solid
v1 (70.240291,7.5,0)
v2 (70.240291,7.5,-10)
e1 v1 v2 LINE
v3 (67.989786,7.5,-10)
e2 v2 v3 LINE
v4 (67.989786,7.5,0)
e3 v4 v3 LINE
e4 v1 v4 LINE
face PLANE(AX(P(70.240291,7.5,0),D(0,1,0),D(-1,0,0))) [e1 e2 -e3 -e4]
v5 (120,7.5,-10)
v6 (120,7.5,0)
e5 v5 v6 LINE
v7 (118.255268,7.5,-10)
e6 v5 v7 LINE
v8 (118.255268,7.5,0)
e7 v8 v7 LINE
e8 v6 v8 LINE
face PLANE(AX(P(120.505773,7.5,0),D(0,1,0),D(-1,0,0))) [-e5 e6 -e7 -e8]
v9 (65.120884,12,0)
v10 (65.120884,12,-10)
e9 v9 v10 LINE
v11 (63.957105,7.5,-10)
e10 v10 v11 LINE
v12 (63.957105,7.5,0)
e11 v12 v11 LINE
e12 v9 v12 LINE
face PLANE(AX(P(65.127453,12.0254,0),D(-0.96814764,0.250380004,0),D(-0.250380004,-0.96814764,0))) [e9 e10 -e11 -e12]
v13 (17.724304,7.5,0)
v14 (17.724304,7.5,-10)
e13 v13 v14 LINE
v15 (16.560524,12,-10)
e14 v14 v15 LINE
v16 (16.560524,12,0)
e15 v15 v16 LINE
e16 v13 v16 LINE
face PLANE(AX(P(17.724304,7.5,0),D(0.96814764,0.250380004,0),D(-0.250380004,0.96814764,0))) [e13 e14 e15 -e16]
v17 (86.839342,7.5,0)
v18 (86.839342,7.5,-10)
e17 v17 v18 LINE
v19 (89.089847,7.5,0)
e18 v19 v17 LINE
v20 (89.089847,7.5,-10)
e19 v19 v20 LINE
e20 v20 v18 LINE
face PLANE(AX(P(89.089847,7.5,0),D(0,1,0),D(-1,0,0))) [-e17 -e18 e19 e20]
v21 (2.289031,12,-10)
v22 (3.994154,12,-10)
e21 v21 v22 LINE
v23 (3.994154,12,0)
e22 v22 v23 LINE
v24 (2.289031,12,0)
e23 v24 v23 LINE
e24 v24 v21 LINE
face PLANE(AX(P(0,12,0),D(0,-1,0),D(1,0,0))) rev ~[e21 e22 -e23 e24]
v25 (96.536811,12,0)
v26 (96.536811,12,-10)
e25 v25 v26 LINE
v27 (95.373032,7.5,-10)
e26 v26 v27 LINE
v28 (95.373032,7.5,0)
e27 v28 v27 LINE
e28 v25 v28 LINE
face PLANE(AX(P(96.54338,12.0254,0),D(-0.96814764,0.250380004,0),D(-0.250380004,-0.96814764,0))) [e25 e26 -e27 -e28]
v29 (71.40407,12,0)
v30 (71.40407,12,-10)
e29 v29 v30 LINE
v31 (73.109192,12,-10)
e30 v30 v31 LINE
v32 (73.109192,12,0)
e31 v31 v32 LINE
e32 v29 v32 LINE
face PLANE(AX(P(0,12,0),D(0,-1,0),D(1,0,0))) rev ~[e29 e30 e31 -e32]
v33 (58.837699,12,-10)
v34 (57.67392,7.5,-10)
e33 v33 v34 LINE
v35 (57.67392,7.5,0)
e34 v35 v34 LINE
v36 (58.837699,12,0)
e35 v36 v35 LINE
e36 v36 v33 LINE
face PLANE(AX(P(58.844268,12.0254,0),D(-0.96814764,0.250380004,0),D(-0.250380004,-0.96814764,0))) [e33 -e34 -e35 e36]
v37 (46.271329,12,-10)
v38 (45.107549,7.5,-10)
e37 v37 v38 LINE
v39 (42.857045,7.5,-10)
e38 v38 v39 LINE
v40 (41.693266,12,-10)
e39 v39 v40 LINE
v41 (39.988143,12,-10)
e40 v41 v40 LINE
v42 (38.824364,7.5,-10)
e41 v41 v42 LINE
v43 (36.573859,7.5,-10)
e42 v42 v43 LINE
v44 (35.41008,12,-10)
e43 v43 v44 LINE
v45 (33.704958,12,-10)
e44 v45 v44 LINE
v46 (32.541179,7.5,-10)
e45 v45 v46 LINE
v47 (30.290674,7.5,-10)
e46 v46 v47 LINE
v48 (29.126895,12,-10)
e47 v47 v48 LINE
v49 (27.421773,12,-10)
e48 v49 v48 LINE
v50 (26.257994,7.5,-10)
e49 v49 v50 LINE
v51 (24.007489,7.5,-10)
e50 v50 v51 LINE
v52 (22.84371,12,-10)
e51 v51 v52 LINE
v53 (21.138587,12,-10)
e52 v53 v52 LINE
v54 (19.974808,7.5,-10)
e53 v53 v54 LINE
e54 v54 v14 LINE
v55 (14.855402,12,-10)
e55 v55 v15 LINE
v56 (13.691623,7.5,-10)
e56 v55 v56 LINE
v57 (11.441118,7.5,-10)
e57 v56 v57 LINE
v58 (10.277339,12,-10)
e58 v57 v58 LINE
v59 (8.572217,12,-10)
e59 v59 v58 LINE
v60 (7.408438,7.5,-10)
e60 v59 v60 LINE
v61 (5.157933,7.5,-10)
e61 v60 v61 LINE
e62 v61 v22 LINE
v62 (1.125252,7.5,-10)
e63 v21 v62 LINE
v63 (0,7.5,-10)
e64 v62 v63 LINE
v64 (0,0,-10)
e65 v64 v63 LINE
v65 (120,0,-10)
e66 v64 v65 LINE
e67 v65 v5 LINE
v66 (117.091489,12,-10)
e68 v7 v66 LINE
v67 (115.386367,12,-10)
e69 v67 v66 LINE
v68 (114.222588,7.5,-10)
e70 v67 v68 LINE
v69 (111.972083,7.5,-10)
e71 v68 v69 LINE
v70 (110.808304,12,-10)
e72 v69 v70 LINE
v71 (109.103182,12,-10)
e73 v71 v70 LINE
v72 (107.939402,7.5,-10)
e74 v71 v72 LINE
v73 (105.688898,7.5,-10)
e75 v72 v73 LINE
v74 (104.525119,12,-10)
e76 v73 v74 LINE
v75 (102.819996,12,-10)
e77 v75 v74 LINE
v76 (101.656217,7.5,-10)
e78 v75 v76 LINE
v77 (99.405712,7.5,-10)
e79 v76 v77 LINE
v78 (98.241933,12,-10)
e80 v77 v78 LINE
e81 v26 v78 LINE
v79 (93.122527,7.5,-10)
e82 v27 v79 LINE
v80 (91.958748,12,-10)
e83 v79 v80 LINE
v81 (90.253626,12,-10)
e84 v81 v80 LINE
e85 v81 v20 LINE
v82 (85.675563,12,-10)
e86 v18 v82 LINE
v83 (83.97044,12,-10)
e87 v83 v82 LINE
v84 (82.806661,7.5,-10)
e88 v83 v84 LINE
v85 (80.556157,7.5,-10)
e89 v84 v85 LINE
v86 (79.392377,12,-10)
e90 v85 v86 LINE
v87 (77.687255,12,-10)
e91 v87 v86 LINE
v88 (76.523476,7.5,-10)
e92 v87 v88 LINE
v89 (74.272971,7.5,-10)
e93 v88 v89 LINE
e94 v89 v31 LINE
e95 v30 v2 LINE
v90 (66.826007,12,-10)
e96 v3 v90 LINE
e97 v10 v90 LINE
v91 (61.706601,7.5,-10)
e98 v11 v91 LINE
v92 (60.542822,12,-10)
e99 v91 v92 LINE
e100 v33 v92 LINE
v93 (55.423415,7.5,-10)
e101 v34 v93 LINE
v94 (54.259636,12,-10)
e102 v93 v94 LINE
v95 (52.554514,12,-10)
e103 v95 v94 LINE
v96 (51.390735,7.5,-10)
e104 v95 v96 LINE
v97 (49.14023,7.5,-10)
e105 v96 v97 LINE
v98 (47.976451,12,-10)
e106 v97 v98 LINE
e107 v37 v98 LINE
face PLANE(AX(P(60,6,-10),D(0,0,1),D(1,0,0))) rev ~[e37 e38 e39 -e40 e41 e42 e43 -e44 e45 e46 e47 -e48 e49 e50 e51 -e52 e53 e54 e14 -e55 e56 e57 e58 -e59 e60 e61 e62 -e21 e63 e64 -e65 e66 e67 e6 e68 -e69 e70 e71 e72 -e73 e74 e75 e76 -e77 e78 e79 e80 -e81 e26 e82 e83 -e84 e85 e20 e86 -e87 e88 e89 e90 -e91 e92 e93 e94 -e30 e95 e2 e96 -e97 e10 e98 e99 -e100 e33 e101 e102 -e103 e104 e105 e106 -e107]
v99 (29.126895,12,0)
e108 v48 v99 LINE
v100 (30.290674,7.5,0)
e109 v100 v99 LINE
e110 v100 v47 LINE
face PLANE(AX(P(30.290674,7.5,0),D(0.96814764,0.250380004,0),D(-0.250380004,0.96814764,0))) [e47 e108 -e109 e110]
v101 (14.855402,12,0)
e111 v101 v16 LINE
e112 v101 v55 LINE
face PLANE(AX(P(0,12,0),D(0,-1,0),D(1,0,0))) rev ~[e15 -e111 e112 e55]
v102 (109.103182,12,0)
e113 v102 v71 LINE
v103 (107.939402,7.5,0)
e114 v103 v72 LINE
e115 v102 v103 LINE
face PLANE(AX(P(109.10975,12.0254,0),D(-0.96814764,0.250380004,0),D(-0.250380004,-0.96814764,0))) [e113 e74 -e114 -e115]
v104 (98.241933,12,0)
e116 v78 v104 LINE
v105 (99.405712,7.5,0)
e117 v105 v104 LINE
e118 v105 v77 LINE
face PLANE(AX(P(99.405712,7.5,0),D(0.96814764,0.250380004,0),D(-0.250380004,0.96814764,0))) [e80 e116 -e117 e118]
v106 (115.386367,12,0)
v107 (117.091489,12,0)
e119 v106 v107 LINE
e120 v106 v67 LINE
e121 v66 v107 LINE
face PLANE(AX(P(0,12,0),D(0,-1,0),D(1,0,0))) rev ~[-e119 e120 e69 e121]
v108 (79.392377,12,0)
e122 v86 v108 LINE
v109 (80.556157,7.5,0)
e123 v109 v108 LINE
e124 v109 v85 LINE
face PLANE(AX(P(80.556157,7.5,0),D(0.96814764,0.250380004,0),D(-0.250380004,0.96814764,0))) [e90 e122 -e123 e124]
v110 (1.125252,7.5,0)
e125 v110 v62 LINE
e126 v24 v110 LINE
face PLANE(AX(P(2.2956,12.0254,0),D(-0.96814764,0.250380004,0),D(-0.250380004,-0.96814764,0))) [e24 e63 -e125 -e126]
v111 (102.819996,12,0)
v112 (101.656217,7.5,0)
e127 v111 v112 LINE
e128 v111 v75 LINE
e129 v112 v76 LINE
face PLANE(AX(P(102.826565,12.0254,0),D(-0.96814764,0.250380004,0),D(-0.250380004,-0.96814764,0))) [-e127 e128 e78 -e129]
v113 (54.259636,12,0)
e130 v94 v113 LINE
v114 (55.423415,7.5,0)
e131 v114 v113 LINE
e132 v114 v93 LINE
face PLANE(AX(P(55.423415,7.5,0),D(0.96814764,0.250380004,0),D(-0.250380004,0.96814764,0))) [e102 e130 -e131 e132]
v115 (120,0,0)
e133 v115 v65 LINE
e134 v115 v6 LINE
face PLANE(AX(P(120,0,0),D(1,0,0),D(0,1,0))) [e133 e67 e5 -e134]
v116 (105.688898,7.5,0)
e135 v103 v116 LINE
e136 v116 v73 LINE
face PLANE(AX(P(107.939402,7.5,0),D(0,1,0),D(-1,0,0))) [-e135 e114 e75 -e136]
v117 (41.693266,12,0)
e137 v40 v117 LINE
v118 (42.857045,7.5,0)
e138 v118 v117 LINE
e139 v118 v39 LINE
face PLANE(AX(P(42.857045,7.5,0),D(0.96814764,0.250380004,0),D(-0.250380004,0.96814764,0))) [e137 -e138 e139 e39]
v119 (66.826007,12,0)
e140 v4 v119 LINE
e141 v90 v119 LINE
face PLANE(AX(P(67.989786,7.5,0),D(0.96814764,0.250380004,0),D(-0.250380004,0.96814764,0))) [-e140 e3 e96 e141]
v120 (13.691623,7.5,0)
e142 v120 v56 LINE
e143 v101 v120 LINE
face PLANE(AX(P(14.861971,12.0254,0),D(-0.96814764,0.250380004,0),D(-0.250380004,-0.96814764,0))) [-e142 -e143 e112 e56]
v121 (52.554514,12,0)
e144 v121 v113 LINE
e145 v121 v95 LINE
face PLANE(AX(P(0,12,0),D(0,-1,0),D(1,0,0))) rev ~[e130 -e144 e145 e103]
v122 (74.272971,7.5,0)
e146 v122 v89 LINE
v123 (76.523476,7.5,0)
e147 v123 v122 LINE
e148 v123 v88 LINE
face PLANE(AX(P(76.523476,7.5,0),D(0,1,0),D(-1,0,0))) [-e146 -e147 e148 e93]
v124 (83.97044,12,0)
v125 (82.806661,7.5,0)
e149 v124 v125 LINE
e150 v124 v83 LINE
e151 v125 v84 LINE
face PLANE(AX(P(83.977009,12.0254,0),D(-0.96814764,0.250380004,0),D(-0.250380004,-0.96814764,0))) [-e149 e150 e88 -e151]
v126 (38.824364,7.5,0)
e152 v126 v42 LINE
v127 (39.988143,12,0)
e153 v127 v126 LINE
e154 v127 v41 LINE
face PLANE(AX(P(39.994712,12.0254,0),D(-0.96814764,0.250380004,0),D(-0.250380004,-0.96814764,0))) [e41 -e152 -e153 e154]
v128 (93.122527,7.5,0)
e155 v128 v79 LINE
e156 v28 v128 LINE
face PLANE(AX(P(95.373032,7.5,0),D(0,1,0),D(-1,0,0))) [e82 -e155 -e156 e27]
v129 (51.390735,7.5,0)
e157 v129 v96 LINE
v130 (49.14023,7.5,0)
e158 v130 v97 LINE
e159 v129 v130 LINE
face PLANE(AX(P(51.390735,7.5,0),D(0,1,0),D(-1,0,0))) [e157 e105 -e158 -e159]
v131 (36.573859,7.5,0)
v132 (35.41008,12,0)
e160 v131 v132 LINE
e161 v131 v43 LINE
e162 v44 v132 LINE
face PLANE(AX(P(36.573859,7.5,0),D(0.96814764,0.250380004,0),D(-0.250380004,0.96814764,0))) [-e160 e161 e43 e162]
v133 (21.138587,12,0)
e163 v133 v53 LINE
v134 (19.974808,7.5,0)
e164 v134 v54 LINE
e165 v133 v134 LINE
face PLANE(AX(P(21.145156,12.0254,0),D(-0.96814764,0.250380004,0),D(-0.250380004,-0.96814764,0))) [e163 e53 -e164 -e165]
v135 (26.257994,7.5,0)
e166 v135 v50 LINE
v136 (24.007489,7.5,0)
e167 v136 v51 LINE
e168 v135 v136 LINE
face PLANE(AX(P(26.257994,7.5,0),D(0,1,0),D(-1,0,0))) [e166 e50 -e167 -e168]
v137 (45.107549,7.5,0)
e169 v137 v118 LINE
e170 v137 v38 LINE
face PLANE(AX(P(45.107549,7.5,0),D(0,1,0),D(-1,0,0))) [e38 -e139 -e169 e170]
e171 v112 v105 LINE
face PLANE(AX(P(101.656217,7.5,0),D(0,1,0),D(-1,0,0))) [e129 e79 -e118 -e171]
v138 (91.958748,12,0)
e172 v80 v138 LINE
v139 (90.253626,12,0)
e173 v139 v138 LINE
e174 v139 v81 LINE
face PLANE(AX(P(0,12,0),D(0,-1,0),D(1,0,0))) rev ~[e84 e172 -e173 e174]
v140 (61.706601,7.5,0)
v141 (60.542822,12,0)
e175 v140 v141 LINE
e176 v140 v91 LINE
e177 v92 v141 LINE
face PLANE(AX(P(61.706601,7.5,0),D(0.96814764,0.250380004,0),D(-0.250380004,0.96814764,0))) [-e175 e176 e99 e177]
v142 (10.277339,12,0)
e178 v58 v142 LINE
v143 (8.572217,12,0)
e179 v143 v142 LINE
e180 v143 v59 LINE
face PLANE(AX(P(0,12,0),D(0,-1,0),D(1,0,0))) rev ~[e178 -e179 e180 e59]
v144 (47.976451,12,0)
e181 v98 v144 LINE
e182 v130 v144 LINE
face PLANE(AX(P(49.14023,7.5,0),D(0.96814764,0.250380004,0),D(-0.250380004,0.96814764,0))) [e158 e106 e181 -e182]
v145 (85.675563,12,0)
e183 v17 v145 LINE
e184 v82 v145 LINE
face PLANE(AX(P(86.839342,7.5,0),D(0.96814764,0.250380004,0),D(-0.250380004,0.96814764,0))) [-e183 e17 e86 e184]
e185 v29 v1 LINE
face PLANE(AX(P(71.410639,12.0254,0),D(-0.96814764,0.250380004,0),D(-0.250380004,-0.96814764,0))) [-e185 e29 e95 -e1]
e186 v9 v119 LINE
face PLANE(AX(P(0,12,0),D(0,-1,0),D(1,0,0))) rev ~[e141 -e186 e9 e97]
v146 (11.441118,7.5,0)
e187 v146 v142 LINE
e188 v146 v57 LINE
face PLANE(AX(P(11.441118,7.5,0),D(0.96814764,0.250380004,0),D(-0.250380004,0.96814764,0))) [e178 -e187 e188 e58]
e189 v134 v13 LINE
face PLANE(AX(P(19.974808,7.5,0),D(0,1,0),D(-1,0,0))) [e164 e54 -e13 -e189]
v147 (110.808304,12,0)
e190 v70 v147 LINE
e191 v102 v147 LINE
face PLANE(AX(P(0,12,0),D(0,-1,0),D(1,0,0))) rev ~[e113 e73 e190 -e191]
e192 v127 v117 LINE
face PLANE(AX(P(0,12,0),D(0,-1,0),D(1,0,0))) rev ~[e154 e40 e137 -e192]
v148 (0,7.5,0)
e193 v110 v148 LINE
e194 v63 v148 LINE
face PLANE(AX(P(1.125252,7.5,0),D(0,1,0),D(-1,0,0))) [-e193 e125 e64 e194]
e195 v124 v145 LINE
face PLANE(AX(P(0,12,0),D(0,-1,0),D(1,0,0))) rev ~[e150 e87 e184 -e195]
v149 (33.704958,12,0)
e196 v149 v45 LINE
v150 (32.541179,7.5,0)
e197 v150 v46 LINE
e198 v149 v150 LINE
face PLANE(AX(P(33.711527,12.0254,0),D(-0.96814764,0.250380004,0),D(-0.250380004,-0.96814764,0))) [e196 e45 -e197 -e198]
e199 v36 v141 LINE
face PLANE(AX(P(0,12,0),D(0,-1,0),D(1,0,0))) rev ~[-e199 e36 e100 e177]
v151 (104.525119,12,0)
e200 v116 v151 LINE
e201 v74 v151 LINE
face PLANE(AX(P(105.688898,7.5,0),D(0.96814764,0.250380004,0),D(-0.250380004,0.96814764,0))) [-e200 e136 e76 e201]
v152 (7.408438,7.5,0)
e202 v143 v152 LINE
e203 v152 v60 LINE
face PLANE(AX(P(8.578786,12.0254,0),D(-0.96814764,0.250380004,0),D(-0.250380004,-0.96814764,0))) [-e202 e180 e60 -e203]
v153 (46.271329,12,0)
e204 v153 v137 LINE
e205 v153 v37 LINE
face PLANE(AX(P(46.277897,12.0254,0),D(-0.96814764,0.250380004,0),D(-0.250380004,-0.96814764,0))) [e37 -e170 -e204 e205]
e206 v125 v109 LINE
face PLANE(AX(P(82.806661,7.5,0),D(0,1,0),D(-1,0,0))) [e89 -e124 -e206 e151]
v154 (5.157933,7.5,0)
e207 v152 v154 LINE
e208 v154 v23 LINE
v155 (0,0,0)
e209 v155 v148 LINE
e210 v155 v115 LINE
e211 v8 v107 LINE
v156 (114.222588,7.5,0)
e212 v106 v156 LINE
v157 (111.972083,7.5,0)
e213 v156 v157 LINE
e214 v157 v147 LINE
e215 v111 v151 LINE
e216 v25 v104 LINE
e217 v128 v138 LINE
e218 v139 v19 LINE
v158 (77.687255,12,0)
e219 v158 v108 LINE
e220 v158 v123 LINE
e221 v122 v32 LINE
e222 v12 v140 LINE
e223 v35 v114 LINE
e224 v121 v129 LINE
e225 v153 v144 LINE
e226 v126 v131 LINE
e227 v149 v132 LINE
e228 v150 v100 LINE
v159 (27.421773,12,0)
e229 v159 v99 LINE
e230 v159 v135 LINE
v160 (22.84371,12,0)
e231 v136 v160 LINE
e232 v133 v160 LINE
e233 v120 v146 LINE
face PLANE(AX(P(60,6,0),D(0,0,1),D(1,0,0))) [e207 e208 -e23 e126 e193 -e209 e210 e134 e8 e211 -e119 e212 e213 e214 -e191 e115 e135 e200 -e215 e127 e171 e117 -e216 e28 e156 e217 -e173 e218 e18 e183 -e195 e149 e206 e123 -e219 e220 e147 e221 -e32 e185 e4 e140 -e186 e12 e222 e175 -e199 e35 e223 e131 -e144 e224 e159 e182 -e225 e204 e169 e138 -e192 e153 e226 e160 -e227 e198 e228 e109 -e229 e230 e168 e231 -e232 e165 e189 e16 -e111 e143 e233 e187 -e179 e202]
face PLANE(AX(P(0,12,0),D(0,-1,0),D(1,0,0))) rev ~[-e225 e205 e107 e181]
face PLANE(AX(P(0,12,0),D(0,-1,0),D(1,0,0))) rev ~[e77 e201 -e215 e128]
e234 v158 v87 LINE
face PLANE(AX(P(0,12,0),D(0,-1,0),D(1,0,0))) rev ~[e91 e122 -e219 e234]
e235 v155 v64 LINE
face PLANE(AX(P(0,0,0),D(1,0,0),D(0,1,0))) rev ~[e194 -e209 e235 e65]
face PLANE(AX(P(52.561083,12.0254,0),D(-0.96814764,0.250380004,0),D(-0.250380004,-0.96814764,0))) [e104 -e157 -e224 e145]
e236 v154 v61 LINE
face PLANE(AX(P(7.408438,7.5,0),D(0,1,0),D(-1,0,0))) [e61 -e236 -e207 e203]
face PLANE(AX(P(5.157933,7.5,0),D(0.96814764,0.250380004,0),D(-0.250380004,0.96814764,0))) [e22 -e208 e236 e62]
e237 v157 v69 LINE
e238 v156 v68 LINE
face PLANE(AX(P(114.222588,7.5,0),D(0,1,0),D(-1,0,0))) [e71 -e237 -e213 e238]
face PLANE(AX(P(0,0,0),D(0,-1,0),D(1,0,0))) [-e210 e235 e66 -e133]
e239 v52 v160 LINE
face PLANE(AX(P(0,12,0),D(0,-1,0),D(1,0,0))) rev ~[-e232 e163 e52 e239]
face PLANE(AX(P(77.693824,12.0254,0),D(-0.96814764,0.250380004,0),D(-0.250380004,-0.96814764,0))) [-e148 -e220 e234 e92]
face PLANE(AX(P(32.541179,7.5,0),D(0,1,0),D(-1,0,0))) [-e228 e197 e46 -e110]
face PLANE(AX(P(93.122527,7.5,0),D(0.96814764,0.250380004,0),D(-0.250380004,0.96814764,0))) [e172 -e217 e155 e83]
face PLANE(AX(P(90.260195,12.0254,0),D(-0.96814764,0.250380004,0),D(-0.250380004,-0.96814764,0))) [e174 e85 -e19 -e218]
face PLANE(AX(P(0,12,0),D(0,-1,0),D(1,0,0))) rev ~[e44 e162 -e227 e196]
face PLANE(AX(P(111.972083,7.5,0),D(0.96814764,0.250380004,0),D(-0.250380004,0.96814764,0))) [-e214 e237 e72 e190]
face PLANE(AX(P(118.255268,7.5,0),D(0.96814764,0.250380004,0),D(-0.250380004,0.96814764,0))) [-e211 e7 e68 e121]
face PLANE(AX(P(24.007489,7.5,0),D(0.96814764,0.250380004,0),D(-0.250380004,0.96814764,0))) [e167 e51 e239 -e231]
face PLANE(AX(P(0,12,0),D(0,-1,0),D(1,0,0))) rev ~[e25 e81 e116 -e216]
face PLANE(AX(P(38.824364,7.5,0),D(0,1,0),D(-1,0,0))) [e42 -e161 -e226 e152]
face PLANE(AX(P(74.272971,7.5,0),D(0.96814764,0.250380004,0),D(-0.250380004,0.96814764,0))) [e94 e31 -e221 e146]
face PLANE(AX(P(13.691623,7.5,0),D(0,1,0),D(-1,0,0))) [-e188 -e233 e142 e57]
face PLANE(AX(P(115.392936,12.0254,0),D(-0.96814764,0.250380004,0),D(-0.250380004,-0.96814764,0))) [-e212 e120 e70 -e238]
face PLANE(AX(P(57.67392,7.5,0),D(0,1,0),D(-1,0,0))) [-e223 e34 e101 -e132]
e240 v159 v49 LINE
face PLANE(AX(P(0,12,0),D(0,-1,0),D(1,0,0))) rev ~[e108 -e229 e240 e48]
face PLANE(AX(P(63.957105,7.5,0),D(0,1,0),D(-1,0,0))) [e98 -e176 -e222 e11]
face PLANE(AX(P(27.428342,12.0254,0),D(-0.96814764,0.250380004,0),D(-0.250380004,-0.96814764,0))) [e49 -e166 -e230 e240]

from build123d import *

# Parameters (mm, degrees)
BLANKSKE_W        = 120
BLANKSKE_H        = 12
BLANK_DEPTH       = 10
TOOTHCUTSIM_DEPTH = 122.012396059
TEETHCUTS_COUNT   = 21
TEETHCUTS_PITCH   = 6.2831853


with BuildPart() as part:
    # BlankSke → Blank (new body)
    with BuildSketch(Plane.XY):
        with Locations((60, 6)):
            Rectangle(BLANKSKE_W, BLANKSKE_H)
    extrude(amount=-BLANK_DEPTH)

    # TooCutSkeSim → ToothCutSim (cut, through all)
    with BuildSketch(Plane.XY):
        Polygon((1.125252364, 7.5), (-1.125252364, 7.5), (-2.29560038, 12.0254), (2.29560038, 12.0254), align=None)
    toothcutsim = extrude(amount=-TOOTHCUTSIM_DEPTH, mode=Mode.SUBTRACT)

    # TeethCuts: ToothCutSim ×21
    with Locations(*[(i * TEETHCUTS_PITCH, 0, 0) for i in range(1, TEETHCUTS_COUNT)]):
        add(toothcutsim, mode=Mode.SUBTRACT)


solid = part.part
